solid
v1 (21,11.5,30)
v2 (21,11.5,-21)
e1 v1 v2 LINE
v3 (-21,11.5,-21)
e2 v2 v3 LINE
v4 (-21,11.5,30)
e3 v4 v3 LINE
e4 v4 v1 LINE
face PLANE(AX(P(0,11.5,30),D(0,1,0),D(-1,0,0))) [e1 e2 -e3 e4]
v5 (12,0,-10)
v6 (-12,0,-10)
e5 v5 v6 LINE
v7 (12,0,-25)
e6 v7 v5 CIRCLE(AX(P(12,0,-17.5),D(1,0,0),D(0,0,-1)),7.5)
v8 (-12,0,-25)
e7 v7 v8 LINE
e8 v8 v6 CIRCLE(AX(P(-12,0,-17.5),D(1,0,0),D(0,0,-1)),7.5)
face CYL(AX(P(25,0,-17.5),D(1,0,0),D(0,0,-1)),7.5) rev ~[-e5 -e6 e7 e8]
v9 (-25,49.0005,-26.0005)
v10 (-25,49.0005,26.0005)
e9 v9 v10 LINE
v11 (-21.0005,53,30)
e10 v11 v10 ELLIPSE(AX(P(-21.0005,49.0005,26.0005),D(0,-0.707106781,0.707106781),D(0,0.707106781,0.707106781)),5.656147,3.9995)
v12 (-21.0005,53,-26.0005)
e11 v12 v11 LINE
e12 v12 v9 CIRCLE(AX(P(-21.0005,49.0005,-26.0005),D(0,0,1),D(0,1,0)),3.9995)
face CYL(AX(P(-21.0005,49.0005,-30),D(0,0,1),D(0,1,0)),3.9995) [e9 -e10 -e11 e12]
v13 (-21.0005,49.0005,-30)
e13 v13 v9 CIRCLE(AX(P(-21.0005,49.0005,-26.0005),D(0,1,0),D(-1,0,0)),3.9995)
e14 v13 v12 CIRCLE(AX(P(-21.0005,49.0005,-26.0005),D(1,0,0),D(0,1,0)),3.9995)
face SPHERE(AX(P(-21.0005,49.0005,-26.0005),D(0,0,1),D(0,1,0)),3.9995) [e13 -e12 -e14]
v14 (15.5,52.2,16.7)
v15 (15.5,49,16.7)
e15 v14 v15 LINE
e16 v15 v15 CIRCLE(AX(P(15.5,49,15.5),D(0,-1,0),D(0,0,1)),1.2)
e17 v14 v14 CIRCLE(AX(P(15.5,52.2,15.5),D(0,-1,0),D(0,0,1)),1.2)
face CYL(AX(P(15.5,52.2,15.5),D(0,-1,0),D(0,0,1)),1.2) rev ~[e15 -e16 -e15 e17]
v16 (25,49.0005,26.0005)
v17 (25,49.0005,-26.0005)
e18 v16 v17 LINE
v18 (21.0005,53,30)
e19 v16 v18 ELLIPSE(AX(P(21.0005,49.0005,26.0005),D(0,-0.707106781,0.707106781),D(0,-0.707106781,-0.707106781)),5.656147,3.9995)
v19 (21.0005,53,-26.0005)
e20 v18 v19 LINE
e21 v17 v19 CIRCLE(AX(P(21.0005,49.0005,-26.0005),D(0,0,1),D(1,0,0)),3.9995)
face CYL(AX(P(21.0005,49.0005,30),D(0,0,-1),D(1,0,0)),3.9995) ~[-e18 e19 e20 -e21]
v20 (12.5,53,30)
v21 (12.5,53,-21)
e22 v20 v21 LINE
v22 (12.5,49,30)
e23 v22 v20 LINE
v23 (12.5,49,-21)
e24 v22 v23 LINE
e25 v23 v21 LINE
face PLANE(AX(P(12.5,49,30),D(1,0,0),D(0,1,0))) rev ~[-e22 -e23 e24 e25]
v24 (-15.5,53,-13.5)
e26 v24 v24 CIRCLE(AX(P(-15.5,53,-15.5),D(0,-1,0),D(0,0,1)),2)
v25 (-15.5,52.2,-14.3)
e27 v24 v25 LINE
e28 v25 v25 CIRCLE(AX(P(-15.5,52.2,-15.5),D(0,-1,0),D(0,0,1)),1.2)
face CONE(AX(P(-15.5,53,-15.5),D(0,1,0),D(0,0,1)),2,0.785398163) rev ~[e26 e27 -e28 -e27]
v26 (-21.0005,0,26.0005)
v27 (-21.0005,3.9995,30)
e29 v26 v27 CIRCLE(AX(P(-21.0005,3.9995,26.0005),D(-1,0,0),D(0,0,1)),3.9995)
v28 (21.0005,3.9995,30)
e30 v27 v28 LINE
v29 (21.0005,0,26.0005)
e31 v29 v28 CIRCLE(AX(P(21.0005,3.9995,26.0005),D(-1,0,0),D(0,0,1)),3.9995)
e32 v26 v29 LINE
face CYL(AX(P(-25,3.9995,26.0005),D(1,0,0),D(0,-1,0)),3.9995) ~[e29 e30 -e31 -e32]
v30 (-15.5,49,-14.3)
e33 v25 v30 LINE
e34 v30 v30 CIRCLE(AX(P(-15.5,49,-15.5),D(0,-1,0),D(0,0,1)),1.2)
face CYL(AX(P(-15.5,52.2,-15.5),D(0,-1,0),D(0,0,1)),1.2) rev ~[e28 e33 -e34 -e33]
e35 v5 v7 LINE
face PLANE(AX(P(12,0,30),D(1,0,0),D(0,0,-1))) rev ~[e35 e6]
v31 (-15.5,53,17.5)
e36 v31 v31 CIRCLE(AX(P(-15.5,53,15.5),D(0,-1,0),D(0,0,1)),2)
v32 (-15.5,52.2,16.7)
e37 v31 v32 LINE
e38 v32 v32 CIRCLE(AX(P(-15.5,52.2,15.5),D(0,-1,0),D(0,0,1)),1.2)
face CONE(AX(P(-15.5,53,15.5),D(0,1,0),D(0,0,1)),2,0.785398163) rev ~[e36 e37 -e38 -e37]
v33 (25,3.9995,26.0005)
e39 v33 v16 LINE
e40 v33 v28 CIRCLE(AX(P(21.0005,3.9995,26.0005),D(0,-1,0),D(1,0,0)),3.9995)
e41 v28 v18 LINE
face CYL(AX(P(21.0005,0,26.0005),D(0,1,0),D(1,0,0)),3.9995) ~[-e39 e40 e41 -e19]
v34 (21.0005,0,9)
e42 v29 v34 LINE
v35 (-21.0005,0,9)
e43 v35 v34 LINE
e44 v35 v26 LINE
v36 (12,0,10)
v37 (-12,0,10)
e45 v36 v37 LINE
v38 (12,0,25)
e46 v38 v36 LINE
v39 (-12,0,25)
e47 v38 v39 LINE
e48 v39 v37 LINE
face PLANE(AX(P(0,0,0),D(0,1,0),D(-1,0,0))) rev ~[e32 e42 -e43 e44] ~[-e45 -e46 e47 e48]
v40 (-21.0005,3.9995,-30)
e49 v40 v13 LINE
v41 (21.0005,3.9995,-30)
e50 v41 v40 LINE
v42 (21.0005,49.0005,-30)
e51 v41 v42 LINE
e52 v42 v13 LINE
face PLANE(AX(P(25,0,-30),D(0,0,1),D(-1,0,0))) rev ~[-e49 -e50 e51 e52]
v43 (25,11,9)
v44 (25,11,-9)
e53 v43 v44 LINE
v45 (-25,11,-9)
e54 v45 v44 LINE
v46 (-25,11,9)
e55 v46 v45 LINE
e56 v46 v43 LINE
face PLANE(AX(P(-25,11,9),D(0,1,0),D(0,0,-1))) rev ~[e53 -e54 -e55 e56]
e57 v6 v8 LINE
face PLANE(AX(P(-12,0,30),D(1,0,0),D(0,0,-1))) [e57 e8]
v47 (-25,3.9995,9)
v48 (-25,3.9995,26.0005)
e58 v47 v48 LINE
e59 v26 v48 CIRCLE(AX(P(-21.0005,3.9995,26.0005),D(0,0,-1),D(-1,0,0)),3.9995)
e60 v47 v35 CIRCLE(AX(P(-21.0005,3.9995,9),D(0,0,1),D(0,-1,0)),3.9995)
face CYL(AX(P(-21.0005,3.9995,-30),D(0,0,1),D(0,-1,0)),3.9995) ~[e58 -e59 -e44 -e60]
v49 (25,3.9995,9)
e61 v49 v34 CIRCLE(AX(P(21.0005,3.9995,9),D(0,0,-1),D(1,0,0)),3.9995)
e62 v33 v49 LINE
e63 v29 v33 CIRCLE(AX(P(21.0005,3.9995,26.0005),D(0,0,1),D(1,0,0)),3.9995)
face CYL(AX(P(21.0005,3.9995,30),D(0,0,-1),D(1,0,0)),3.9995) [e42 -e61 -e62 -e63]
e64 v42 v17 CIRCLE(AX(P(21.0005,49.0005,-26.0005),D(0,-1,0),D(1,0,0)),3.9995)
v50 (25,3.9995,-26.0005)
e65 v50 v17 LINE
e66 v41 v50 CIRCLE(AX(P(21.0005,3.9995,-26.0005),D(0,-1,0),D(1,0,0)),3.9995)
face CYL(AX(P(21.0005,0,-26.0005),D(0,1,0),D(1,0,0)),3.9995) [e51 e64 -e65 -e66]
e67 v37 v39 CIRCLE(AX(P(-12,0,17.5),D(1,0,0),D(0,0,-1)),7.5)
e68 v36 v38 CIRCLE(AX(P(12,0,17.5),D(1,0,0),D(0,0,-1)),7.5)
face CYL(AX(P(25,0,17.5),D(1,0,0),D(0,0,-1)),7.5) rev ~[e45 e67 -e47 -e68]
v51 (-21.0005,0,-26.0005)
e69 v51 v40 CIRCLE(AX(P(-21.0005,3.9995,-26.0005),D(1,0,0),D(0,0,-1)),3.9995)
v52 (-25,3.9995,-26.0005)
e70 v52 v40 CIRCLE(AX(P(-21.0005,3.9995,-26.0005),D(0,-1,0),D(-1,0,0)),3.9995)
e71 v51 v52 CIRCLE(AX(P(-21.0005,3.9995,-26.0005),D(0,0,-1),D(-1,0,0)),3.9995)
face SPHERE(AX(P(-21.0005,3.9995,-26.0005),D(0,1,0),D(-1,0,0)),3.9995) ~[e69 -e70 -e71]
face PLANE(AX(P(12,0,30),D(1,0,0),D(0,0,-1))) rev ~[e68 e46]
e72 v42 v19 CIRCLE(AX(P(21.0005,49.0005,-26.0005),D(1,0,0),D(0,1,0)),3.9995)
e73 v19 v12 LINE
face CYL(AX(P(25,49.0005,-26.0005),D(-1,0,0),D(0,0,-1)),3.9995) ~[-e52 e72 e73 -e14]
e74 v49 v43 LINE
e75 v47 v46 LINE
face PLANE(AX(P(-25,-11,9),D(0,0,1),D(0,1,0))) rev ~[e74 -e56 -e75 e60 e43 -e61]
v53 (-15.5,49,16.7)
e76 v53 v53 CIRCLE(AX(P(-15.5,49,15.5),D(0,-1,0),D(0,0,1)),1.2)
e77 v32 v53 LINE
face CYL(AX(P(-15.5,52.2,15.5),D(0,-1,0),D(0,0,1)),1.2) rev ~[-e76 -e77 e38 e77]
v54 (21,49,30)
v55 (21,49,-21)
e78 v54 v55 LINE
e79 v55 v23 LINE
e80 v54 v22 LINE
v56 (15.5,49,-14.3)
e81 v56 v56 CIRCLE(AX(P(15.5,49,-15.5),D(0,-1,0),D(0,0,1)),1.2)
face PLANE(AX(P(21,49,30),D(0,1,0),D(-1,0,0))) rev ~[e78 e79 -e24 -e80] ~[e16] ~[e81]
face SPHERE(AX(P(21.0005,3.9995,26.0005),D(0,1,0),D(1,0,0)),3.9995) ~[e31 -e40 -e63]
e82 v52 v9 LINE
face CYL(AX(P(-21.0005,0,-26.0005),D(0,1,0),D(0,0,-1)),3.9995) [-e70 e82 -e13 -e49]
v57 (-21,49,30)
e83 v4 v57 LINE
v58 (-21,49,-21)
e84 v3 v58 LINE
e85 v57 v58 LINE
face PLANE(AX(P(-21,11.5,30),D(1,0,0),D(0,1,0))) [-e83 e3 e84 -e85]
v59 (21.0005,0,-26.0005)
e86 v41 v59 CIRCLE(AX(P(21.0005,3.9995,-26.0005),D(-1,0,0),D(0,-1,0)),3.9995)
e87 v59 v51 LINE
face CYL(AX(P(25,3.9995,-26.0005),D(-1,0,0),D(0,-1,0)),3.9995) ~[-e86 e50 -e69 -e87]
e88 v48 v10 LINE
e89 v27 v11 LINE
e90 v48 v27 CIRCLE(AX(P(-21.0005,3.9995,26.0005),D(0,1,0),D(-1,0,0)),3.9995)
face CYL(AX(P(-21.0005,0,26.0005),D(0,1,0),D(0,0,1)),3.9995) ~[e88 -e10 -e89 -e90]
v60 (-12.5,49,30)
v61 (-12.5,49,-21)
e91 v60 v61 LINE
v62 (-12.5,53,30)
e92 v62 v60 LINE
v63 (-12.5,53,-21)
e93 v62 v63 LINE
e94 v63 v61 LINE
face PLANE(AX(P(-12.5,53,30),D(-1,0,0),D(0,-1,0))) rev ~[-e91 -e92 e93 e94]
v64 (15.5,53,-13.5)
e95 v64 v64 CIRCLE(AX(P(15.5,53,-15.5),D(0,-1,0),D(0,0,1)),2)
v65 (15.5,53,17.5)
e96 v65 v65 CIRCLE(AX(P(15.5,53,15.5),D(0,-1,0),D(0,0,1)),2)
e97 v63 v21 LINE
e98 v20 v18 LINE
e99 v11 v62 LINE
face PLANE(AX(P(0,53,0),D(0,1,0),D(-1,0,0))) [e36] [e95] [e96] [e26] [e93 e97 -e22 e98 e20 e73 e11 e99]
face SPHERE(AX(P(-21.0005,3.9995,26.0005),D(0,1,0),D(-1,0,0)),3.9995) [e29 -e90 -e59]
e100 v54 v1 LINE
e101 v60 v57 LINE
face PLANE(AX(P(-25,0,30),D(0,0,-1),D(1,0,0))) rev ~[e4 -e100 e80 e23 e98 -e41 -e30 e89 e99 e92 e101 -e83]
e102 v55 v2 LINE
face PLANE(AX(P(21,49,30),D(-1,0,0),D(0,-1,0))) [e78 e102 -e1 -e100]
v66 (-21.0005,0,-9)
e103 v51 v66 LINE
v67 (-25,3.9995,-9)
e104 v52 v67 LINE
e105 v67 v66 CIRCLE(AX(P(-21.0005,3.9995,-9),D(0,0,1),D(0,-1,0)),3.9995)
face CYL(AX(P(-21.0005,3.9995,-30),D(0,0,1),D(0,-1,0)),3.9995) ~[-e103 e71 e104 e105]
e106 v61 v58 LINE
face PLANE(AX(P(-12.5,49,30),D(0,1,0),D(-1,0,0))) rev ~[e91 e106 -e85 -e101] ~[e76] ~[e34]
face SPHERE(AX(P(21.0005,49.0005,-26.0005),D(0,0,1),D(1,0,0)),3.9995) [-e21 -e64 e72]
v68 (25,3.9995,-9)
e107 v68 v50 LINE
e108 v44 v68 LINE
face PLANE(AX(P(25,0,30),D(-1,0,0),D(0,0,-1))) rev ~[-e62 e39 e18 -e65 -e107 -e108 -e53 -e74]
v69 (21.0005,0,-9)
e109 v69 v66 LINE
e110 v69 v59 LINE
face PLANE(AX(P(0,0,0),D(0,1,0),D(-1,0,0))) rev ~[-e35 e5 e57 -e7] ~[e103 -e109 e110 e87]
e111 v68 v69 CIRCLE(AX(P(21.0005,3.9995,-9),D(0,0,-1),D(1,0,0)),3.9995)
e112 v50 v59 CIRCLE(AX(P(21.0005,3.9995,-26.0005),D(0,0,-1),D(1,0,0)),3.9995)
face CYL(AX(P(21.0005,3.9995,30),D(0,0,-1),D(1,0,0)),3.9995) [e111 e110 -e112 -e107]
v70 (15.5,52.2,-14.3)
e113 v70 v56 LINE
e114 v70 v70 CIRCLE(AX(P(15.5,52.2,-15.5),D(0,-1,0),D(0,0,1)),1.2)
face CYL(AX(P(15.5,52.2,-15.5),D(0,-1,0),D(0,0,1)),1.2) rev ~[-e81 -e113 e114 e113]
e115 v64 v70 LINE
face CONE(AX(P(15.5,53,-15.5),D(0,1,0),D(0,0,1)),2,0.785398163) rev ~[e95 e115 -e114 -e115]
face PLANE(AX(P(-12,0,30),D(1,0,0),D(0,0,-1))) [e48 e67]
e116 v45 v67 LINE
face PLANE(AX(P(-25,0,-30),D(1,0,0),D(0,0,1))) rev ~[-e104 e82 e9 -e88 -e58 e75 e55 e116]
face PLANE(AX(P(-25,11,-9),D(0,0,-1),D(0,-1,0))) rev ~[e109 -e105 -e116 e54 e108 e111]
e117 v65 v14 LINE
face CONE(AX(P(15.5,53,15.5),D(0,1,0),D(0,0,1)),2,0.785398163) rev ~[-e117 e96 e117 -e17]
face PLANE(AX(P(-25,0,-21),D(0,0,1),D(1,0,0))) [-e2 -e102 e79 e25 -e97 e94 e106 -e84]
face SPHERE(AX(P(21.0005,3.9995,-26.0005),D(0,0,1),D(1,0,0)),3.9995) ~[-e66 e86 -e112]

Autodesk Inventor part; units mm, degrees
ref_plane "YZ Plane" through (0, 0, 0) normal (1, 0, 0) x (0, 1, 0)
ref_plane "XZ Plane" through (0, 0, 0) normal (0, 1, 0) x (-1, 0, 0)
ref_plane "XY Plane" through (0, 0, 0) normal (0, 0, 1) x (1, 0, 0)
sketch "Sketch1" plane through (0, 0, 0) normal (0, 1, 0) x (-1, 0, 0)
  line L0 (-25, -30) -> (25, -30)
  line L1 (25, -30) -> (25, 30)
  line L2 (25, 30) -> (-25, 30)
  line L3 (-25, 30) -> (-25, -30)
  line L4 (-25, -30) -> (25, 30) construction
  line L5 (25, -30) -> (-25, 30) construction
  point P0 (0, 0)
  dimension "d0" = 50
  dimension "d1" = 60
extrude "Extrusion1" add sketch "Sketch1" along normal blind 53
sketch "Sketch2" plane through (-25, 0, 30) normal (0, 0, 1) x (1, 0, 0)
  line L0 (0, 0) -> (0, 53) projected
  line L1 (50, 0) -> (50, 53) projected
  line L2 (0, 53) -> (50, 53)
  line L3 (50, 53) -> (50, 49)
  line L4 (50, 49) -> (0, 49)
  line L5 (0, 49) -> (0, 53)
  line L6 (12.5, 49) -> (37.5, 49)
  line L7 (37.5, 49) -> (37.5, 57)
  line L8 (37.5, 57) -> (12.5, 57)
  line L9 (12.5, 57) -> (12.5, 49)
  line L10 (0, 53) -> (50, 53) projected
  line L11 (12.5, 49) -> (37.5, 57) construction
  line L12 (37.5, 49) -> (12.5, 57) construction
  line L13 (25, 49) -> (25, 11.5)
  line L14 (46, 11.5) -> (4, 11.5)
  line L15 (4, 11.5) -> (4, 49)
  line L16 (4, 49) -> (46, 49)
  line L17 (46, 49) -> (46, 11.5)
  line L18 (46, 11.5) -> (4, 49) construction
  line L19 (4, 11.5) -> (46, 49) construction
  point P0 (25, 0)
  point P1 (25, 53)
  point P2 (25, 30.25)
  point P3 (37.5, 49)
  point P4 (37.5, 53)
  point P5 (12.5, 53)
  point P6 (12.5, 49)
  dimension "d4" = 4
  dimension "d5" = 25
  dimension "d6" = 8
  dimension "d7" = 37.5
  dimension "d8" = 42
extrude "Extrusion2" cut sketch "Sketch2" against normal blind 51 contours L4 L13 L14 L15 | L2 L7 L4 L9 | L4 L17 L14 L13
sketch "Sketch3" plane through (25, 0, 30) normal (1, 0, 0) x (0, 0, -1)
  line L0 (30, 0) -> (12.5, 0)
  line L1 (12.5, 0) -> (47.5, 0)
  line L2 (0, 0) -> (60, 0) projected
  circle A0 centre (12.5, 0) radius 7.5
  circle A1 centre (47.5, 0) radius 7.5
  point P0 (55, 0)
  point P1 (40, 0)
  point P2 (20, 0)
  point P3 (5, 0)
  dimension "d11" = 17.5
  dimension "d12" = 35
  dimension "d13" = 15
  dimension "d14" = 15
extrude "Extrusion3" cut sketch "Sketch3" against normal blind 37 contours L0 L2 A0 | A1 L2 L1 picked at (17.141, 1.7601) picked at (45.1933, 4.395)
extrude "Extrusion4" add sketch "Sketch3" against normal blind 13 contours L0 L2 A0 | A1 L2 L1 picked at (17.141, 1.7601) picked at (45.1933, 4.395)
fillet "Fillet1" radius 4 11 edges at (25, 53, 0) (-25, 53, 0) (25, 26.5, 30) (-25, 26.5, 30) (25, 0, 0) (25, 26.5, -30) (0, 53, -30) (-25, 26.5, -30) (-25, 0, 0) (0, 0, 30) (0, 0, -30)
sketch "Sketch4" plane through (-25, 4, 26) normal (-1, 0, 0) x (0, 0, 1)
  line L0 (-35, -15) -> (-17, -15)
  line L1 (-17, -15) -> (-17, 7)
  line L2 (-17, 7) -> (-35, 7)
  line L3 (-35, 7) -> (-35, -15)
  line L4 (-35, -15) -> (-17, 7) construction
  line L5 (-17, -15) -> (-35, 7) construction
  point P0 (-26, -4)
  dimension "d20" = 18
  dimension "d21" = 22
extrude "Extrusion5" cut sketch "Sketch4" against normal through all
sketch "Sketch5" plane through (0, 53, 0) normal (0, 1, 0) x (1, 0, 0)
  line L0 (-12.5, 21) -> (12.5, 21) projected
  line L1 (0, 21) -> (0, -21)
  line L2 (0, 21) -> (42, 21) construction
  line L3 (15.5, 15.5) -> (-15.5, 15.5)
  line L4 (-15.5, 15.5) -> (-15.5, -15.5)
  line L5 (-15.5, -15.5) -> (15.5, -15.5)
  line L6 (15.5, -15.5) -> (15.5, 15.5)
  line L7 (15.5, 15.5) -> (-15.5, -15.5) construction
  line L8 (-15.5, 15.5) -> (15.5, -15.5) construction
  point P0 (0, 0)
  dimension "d24" = 42
  dimension "d25" = 90
  dimension "d26" = 31
  dimension "d27" = 31
hole "Hole1" at (15.5, 53, 15.5) at (15.5, 53, -15.5) at (-15.5, 53, -15.5) at (-15.5, 53, 15.5) direction (0, -1, 0) diameter 2.4 depth 4 countersink diameter 4 countersink angle 90
properties part number "Joint_Bearings"
